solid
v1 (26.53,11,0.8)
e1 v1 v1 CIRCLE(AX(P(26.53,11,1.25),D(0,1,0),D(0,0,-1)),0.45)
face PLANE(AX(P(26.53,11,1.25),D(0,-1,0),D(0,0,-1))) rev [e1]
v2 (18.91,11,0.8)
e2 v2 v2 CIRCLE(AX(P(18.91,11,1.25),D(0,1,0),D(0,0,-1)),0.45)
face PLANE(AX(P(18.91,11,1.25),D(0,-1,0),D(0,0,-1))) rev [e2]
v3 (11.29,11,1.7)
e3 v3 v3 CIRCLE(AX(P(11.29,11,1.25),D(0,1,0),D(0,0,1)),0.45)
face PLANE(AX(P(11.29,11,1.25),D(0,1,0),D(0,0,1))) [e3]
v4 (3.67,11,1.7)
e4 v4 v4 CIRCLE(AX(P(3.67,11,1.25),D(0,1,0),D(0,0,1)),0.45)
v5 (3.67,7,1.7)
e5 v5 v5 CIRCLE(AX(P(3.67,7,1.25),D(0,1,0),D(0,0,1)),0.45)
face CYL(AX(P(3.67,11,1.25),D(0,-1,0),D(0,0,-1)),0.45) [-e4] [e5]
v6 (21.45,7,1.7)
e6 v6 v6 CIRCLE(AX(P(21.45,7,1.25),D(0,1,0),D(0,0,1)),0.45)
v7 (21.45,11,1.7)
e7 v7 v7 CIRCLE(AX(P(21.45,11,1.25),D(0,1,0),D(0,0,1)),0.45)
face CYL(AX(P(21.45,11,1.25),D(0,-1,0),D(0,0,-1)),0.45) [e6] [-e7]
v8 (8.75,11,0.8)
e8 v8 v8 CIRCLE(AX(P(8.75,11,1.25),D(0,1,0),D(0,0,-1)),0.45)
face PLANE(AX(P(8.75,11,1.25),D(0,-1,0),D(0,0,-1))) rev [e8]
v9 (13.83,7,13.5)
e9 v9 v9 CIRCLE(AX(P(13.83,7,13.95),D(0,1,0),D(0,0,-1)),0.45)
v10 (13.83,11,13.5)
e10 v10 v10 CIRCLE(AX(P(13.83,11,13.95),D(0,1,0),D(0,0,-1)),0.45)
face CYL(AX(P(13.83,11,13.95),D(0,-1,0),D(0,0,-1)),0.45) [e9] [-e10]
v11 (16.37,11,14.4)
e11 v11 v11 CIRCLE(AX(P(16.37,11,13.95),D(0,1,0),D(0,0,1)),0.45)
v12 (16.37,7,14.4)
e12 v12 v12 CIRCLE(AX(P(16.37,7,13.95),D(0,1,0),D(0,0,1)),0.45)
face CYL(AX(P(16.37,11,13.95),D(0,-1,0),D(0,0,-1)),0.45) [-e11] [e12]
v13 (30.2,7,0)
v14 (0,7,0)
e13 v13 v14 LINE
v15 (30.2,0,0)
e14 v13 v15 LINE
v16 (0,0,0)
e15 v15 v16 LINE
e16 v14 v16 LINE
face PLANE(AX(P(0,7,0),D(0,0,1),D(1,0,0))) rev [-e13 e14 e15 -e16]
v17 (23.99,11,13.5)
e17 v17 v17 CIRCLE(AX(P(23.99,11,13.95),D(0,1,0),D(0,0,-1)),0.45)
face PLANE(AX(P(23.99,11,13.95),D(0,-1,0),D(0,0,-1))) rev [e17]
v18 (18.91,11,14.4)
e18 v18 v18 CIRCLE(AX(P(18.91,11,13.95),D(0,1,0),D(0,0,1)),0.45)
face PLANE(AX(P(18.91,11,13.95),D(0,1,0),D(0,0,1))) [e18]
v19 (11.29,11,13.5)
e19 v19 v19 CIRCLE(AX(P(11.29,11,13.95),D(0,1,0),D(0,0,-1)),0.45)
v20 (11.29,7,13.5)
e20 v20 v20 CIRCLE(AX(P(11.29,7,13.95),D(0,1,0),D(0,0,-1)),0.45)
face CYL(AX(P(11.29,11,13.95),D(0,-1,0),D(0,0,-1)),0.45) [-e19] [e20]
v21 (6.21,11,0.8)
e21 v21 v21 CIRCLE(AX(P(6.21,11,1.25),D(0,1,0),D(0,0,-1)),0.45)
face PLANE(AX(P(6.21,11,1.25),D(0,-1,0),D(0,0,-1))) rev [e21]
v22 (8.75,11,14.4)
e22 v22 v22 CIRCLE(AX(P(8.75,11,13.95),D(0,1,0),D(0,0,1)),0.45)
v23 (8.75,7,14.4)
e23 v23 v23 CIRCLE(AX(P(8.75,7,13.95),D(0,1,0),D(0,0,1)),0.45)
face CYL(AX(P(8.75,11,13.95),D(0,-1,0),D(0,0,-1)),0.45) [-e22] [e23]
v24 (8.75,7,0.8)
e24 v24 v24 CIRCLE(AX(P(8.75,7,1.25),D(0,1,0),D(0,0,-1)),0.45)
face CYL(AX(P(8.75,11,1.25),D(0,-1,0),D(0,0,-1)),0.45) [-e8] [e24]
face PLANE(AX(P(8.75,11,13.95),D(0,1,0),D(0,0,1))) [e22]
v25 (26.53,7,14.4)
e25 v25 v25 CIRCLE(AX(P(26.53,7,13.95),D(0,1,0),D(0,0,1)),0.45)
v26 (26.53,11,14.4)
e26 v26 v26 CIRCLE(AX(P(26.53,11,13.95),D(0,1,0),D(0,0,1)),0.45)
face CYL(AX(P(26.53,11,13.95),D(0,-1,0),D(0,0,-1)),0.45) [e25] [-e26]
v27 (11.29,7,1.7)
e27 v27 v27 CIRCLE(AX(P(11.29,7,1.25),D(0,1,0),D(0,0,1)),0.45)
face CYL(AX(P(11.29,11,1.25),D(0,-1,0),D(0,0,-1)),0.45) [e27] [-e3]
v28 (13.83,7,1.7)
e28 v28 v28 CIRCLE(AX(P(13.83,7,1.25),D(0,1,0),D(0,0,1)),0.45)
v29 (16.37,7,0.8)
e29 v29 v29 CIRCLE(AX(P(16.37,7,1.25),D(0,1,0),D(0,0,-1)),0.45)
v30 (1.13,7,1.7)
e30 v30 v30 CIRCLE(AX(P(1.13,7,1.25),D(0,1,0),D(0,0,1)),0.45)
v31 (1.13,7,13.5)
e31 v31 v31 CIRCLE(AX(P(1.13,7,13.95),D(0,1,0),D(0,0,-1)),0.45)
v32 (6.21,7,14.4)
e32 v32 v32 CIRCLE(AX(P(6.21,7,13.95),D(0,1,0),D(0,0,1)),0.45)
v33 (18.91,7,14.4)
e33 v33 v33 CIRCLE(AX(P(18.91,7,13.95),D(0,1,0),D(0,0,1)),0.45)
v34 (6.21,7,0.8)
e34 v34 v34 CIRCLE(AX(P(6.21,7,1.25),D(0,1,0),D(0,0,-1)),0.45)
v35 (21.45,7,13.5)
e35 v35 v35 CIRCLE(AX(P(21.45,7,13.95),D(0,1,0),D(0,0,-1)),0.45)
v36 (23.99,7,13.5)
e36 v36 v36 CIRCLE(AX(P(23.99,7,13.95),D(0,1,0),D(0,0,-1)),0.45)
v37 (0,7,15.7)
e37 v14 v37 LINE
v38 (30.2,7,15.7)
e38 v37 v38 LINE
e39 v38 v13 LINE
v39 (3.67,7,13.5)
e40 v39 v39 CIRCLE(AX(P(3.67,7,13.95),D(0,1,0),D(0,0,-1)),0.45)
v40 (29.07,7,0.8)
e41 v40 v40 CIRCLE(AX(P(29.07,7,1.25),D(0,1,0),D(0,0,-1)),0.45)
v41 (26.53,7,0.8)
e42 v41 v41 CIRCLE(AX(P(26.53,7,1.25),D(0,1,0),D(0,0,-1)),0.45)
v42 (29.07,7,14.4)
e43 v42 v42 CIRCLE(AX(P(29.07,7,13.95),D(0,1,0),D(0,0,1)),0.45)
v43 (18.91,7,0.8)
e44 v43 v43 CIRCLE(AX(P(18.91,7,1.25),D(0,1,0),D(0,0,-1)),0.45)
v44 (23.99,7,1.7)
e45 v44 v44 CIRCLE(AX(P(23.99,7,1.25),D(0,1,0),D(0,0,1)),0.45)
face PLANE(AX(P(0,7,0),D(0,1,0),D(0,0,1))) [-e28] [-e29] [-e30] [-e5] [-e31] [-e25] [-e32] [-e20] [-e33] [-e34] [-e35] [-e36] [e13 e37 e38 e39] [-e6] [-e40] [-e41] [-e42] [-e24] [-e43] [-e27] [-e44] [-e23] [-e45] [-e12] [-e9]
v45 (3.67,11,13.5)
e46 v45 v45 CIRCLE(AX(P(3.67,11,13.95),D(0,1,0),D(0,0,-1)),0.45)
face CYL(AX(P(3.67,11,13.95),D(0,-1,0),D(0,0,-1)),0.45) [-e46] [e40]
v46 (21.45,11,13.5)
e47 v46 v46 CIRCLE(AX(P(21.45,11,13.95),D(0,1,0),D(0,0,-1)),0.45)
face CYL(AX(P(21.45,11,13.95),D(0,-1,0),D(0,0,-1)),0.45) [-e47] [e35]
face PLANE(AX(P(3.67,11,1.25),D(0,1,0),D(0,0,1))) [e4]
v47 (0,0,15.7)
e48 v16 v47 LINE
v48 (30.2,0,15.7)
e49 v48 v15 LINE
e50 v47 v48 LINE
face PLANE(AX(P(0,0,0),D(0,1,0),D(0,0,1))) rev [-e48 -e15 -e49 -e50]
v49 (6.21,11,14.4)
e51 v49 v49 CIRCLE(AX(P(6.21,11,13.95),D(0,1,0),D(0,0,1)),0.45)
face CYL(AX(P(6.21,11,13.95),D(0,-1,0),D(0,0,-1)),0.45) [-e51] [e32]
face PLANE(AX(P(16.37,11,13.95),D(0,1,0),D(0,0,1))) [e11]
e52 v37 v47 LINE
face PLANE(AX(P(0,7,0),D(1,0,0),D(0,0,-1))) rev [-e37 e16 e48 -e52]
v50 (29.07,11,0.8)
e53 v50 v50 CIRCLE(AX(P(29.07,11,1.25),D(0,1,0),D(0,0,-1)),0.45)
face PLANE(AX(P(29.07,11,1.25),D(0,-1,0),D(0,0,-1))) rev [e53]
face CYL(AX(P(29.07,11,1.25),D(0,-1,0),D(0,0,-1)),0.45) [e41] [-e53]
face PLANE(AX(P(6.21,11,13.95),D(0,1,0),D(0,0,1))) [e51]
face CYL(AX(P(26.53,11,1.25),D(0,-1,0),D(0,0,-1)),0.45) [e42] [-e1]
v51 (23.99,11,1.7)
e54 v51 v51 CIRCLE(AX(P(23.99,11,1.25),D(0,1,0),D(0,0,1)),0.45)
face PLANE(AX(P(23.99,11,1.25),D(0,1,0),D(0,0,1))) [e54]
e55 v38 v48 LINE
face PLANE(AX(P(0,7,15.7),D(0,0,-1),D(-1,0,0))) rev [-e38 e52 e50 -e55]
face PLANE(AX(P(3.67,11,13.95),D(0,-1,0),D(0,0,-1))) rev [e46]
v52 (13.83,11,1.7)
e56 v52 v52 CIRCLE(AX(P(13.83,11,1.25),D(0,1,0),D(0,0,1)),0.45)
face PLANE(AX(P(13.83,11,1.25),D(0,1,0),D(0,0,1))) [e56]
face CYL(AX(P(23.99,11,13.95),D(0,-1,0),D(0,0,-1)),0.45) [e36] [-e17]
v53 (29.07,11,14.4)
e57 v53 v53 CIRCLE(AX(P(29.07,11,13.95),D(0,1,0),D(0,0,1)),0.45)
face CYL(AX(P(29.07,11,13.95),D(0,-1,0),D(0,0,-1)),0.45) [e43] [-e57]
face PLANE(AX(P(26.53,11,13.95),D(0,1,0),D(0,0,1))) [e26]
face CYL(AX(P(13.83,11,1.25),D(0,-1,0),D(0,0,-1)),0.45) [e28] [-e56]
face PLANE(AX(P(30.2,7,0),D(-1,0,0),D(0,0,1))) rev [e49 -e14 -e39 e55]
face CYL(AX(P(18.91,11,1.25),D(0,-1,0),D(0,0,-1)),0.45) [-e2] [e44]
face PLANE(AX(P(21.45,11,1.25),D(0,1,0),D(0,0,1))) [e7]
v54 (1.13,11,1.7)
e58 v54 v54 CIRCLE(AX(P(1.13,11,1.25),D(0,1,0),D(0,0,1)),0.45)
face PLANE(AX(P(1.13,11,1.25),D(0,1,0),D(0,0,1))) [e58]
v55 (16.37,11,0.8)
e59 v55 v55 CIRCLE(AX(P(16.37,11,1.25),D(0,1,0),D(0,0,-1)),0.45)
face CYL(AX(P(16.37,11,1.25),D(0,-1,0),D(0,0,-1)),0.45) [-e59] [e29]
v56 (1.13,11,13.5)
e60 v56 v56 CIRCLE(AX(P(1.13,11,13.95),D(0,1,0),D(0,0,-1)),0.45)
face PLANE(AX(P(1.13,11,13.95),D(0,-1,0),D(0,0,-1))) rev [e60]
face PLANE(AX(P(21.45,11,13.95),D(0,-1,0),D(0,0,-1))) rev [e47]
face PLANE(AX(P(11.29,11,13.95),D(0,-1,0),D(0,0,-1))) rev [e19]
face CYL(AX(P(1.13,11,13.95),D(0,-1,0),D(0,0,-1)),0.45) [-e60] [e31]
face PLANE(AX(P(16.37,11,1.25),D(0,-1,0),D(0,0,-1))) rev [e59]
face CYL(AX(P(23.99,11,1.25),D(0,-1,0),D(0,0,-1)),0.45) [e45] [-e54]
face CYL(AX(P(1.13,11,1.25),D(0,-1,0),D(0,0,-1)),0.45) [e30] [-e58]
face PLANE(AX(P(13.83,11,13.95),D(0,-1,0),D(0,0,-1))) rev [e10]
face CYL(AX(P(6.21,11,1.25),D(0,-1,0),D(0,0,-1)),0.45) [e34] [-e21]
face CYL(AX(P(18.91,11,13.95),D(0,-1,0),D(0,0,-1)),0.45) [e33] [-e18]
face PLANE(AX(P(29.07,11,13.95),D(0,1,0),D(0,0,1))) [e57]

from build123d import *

# Parameters (mm, degrees)
SKETCH1_W           = 30.2
SKETCH1_H           = 15.7
BOSS_EXTRUDE1_DEPTH = 7
SKETCH2_R           = 0.45
BOSS_EXTRUDE2_DEPTH = 4


with BuildPart() as part:
    # Sketch1 → Boss-Extrude1 (new body)
    with BuildSketch(Plane(origin=(0, 0, 0), x_dir=(1, 0, 0), z_dir=(0, 1, 0))):
        with Locations((15.1, -7.85)):
            Rectangle(SKETCH1_W, SKETCH1_H)
    extrude(amount=BOSS_EXTRUDE1_DEPTH)

    # Sketch2 → Boss-Extrude2 (add)
    with BuildSketch(Plane(origin=(0, 7, 0), x_dir=(1, 0, 0), z_dir=(0, 1, 0))):
        with Locations((1.13, -1.25)):
            Circle(SKETCH2_R)
        with Locations((3.67, -1.25)):
            Circle(SKETCH2_R)
        with Locations((6.21, -1.25)):
            Circle(SKETCH2_R)
        with Locations((8.75, -1.25)):
            Circle(SKETCH2_R)
        with Locations((11.29, -1.25)):
            Circle(SKETCH2_R)
        with Locations((13.83, -1.25)):
            Circle(SKETCH2_R)
        with Locations((16.37, -1.25)):
            Circle(SKETCH2_R)
        with Locations((18.91, -1.25)):
            Circle(SKETCH2_R)
        with Locations((21.45, -1.25)):
            Circle(SKETCH2_R)
        with Locations((23.99, -1.25)):
            Circle(SKETCH2_R)
        with Locations((26.53, -1.25)):
            Circle(SKETCH2_R)
        with Locations((29.07, -1.25)):
            Circle(SKETCH2_R)
        with Locations((29.07, -13.95)):
            Circle(SKETCH2_R)
        with Locations((26.53, -13.95)):
            Circle(SKETCH2_R)
        with Locations((23.99, -13.95)):
            Circle(SKETCH2_R)
        with Locations((21.45, -13.95)):
            Circle(SKETCH2_R)
        with Locations((18.91, -13.95)):
            Circle(SKETCH2_R)
        with Locations((16.37, -13.95)):
            Circle(SKETCH2_R)
        with Locations((13.83, -13.95)):
            Circle(SKETCH2_R)
        with Locations((11.29, -13.95)):
            Circle(SKETCH2_R)
        with Locations((8.75, -13.95)):
            Circle(SKETCH2_R)
        with Locations((6.21, -13.95)):
            Circle(SKETCH2_R)
        with Locations((3.67, -13.95)):
            Circle(SKETCH2_R)
        with Locations((1.13, -13.95)):
            Circle(SKETCH2_R)
    extrude(amount=BOSS_EXTRUDE2_DEPTH)


solid = part.part
